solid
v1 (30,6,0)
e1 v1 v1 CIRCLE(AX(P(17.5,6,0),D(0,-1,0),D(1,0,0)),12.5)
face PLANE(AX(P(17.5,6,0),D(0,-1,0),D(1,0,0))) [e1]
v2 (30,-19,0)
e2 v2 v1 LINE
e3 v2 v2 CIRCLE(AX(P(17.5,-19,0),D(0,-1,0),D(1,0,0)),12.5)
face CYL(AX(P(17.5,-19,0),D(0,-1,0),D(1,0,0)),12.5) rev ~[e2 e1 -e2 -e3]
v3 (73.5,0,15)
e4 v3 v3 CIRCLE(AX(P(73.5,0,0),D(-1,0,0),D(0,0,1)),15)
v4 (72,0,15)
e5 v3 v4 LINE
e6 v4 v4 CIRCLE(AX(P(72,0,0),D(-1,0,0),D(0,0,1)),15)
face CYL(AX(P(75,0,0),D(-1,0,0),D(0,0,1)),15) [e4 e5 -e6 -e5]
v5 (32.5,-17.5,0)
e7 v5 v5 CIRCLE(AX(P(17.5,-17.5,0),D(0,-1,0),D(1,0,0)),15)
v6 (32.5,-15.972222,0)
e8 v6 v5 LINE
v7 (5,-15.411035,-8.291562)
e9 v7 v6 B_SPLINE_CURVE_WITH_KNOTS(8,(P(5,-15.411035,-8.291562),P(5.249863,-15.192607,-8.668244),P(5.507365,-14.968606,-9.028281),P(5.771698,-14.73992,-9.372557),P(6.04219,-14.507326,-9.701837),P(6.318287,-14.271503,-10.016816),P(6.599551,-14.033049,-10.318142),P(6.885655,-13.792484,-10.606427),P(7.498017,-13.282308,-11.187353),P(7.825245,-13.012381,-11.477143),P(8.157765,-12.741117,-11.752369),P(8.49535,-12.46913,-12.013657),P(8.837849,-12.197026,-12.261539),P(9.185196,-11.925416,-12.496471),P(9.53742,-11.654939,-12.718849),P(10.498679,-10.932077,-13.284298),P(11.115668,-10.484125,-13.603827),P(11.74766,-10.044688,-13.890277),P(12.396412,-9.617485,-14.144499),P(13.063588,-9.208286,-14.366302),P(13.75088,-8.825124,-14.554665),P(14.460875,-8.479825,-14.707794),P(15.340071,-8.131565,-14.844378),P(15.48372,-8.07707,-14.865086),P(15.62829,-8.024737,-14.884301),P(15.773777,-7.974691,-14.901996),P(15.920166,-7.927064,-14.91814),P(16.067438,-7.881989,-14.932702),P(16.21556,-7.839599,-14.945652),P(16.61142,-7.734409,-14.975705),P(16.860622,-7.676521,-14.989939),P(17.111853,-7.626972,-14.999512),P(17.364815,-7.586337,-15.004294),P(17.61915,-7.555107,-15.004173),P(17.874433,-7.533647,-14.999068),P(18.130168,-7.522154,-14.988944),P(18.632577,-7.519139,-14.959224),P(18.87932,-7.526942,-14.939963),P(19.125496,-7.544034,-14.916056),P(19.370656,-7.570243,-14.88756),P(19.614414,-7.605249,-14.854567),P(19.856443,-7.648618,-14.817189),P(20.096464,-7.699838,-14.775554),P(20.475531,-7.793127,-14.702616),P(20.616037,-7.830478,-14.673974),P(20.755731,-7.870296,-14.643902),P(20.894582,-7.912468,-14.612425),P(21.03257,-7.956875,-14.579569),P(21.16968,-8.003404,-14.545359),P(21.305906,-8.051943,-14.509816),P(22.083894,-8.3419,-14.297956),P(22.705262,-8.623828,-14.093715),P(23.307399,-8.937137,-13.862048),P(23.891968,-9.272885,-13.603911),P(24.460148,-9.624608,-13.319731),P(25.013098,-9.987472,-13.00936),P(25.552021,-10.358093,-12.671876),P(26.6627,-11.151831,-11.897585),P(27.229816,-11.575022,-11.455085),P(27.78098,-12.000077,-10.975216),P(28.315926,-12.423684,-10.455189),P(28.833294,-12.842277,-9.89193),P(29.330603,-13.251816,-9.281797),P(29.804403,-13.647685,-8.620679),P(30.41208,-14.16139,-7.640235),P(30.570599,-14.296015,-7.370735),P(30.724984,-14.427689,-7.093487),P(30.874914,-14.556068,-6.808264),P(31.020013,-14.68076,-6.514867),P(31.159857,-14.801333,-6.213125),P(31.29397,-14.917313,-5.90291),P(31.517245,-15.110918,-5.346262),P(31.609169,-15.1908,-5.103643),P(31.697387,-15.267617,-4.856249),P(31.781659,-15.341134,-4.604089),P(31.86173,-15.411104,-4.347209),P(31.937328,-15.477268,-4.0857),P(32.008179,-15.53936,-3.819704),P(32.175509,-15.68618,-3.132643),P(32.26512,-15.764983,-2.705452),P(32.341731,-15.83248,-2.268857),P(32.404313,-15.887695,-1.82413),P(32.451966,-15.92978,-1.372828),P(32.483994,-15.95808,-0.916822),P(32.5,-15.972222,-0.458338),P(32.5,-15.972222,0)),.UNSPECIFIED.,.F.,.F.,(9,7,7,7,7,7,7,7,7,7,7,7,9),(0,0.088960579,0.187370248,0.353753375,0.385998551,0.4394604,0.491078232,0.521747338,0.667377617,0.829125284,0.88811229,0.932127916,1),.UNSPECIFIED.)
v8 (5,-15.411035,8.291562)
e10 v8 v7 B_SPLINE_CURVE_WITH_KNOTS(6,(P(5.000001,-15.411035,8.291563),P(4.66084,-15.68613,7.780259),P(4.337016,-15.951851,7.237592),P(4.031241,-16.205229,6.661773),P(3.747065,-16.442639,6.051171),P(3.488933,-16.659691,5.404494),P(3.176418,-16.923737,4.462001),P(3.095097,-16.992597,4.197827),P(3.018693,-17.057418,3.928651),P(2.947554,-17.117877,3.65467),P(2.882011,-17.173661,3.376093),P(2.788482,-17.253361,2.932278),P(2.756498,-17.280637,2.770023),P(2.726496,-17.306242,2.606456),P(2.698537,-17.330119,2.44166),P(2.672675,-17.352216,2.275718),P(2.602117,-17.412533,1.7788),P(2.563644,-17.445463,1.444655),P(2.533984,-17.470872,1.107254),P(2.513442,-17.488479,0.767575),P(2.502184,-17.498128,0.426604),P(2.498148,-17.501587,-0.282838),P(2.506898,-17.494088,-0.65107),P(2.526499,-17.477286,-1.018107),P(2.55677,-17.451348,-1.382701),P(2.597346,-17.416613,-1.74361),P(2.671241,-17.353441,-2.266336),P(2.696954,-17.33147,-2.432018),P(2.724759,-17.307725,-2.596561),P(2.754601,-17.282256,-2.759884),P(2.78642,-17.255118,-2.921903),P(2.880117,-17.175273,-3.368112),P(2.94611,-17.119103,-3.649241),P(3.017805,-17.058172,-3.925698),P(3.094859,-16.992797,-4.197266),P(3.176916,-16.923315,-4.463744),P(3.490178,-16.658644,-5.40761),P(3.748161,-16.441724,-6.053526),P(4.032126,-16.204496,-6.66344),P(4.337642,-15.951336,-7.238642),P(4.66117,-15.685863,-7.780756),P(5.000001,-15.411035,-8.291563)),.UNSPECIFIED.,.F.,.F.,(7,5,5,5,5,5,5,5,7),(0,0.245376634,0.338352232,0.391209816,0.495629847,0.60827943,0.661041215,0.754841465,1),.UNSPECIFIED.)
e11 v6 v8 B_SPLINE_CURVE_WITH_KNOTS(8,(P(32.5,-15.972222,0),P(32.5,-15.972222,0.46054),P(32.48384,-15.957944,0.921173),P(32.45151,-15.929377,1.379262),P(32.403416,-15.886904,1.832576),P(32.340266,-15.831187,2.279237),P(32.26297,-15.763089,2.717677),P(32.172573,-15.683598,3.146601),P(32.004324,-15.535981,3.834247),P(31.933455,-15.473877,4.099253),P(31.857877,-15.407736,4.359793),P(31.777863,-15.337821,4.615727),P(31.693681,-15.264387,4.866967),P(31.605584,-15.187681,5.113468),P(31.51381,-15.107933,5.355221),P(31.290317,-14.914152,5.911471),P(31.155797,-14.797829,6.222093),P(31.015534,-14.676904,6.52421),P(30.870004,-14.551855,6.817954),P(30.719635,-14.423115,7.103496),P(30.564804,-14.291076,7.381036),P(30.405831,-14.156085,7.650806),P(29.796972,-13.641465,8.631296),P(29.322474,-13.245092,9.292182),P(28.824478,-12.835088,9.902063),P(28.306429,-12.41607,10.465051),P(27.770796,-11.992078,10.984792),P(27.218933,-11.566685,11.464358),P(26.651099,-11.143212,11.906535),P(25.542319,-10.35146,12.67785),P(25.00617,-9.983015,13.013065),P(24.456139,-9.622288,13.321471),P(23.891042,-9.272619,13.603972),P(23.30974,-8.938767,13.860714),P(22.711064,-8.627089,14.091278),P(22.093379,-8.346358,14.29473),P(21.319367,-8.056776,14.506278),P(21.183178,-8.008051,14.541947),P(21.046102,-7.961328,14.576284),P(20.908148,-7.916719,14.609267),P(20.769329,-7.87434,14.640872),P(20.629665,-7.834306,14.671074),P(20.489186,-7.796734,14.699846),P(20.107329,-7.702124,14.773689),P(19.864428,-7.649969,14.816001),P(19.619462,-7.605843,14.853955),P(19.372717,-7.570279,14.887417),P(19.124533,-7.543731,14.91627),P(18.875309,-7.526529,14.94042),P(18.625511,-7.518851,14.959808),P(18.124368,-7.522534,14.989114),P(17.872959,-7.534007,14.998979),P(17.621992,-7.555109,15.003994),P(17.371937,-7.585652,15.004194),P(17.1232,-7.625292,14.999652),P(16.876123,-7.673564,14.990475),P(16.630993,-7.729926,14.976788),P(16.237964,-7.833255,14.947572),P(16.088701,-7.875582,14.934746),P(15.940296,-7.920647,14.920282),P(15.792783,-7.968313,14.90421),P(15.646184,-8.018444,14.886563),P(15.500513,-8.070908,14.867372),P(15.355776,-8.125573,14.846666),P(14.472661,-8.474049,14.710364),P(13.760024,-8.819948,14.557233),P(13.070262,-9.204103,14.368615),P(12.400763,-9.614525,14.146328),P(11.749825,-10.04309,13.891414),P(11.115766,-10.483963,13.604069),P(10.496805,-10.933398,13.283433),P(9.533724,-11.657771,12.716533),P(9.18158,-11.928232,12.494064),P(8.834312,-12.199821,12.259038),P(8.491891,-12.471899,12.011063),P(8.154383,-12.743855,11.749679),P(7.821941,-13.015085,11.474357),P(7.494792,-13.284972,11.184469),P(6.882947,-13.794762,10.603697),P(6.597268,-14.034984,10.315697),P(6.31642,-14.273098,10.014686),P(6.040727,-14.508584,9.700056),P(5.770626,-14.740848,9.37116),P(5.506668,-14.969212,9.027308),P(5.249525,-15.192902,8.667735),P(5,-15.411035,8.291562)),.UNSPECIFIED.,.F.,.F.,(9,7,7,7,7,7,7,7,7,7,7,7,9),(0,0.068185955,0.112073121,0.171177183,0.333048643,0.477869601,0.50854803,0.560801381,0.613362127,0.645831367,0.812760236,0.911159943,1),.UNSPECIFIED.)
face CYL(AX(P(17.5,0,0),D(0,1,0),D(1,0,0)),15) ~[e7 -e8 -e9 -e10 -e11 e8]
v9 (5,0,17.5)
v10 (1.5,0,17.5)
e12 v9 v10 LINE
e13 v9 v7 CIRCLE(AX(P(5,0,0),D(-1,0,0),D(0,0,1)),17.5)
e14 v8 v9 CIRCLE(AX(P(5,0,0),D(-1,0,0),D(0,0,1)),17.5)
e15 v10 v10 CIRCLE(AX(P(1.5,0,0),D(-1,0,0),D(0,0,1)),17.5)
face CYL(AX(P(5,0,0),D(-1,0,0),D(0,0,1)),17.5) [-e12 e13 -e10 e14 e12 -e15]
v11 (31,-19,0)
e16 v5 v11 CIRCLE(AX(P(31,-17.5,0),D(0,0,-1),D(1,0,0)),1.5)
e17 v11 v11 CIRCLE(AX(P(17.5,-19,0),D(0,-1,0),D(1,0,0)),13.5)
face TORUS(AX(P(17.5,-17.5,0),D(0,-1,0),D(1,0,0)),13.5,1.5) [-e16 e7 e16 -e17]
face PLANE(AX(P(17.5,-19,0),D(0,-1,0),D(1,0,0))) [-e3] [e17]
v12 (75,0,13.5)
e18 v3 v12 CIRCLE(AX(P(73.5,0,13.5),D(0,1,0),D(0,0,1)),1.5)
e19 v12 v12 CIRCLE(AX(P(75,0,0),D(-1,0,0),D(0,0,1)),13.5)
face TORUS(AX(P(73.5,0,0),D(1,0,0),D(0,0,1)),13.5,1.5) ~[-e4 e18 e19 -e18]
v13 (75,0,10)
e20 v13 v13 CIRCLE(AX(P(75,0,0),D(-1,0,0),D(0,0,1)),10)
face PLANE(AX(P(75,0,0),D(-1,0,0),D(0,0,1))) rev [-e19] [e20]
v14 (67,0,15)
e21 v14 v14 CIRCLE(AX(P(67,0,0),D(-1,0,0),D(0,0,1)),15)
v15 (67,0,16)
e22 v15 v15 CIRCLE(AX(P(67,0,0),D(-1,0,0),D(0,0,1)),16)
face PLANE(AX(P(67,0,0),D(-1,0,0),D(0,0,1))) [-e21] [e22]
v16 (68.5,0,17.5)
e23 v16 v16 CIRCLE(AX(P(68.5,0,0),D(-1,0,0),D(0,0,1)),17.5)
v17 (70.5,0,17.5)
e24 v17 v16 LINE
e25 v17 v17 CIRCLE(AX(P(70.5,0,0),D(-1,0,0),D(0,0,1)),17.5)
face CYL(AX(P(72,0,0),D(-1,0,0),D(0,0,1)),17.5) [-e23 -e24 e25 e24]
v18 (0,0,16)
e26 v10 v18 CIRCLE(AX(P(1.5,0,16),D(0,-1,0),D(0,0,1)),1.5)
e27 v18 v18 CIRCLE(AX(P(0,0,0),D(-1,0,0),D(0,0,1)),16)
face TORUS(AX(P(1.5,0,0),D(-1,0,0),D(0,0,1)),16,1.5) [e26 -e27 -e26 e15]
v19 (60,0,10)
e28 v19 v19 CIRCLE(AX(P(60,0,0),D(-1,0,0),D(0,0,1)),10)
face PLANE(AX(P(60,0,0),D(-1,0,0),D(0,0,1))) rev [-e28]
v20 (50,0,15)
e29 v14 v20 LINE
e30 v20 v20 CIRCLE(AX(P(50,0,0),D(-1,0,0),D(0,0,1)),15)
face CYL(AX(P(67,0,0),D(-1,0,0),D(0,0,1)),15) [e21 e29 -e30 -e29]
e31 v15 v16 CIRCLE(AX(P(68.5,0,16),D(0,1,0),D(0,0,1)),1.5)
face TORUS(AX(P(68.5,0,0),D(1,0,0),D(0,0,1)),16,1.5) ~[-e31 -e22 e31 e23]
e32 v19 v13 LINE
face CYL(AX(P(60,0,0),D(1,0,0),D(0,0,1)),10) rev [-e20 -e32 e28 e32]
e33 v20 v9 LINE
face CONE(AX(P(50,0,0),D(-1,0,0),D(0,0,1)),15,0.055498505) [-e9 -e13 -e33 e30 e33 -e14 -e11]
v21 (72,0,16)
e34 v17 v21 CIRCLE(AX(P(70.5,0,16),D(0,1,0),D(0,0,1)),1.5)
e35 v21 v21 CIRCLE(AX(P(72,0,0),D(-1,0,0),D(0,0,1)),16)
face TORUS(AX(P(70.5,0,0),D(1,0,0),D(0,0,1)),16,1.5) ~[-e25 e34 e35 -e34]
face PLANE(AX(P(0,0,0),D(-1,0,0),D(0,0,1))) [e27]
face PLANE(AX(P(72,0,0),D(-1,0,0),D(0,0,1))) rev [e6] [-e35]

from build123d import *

# Parameters (mm, degrees)
F2_R     = 15
F3_DEPTH = 19
F4_R     = 12.5
F5_DEPTH = 25
F6_R     = 1.5


with BuildPart() as f1:
    # F0 (on Front) → F1 (revolve)
    with BuildSketch(Plane.XZ):
        Polygon((0, 17.5), (0, 0), (60, 0), (60, 10), (75, 10), (75, 15), (72, 15), (72, 17.5), (67, 17.5), (67, 15), (50, 15), (5, 17.5), align=None)
    revolve(axis=Axis((30, 0, 0), (-1, 0, 0)))

    # F2 (on Front) → F3 (join)
    with BuildSketch(Plane.XZ):
        with Locations((17.5, 0)):
            Circle(F2_R)
    extrude(amount=F3_DEPTH)

    # F4 (on face) → F5 (cut)
    with BuildSketch(Plane.XZ.offset(19)):
        with Locations((17.5, 0)):
            Circle(F4_R)
    extrude(amount=-F5_DEPTH, mode=Mode.SUBTRACT)

    # F6
    f6_edges = [f1.edges().sort_by_distance(p)[0] for p in [
        (0, 0, -17.5),
        (67, 0, -17.5),
        (72, 0, -17.5),
        (2.5, -19, 0),
        (75, 0, -15),
    ]]
    fillet(f6_edges, radius=F6_R)


solid = f1.part
